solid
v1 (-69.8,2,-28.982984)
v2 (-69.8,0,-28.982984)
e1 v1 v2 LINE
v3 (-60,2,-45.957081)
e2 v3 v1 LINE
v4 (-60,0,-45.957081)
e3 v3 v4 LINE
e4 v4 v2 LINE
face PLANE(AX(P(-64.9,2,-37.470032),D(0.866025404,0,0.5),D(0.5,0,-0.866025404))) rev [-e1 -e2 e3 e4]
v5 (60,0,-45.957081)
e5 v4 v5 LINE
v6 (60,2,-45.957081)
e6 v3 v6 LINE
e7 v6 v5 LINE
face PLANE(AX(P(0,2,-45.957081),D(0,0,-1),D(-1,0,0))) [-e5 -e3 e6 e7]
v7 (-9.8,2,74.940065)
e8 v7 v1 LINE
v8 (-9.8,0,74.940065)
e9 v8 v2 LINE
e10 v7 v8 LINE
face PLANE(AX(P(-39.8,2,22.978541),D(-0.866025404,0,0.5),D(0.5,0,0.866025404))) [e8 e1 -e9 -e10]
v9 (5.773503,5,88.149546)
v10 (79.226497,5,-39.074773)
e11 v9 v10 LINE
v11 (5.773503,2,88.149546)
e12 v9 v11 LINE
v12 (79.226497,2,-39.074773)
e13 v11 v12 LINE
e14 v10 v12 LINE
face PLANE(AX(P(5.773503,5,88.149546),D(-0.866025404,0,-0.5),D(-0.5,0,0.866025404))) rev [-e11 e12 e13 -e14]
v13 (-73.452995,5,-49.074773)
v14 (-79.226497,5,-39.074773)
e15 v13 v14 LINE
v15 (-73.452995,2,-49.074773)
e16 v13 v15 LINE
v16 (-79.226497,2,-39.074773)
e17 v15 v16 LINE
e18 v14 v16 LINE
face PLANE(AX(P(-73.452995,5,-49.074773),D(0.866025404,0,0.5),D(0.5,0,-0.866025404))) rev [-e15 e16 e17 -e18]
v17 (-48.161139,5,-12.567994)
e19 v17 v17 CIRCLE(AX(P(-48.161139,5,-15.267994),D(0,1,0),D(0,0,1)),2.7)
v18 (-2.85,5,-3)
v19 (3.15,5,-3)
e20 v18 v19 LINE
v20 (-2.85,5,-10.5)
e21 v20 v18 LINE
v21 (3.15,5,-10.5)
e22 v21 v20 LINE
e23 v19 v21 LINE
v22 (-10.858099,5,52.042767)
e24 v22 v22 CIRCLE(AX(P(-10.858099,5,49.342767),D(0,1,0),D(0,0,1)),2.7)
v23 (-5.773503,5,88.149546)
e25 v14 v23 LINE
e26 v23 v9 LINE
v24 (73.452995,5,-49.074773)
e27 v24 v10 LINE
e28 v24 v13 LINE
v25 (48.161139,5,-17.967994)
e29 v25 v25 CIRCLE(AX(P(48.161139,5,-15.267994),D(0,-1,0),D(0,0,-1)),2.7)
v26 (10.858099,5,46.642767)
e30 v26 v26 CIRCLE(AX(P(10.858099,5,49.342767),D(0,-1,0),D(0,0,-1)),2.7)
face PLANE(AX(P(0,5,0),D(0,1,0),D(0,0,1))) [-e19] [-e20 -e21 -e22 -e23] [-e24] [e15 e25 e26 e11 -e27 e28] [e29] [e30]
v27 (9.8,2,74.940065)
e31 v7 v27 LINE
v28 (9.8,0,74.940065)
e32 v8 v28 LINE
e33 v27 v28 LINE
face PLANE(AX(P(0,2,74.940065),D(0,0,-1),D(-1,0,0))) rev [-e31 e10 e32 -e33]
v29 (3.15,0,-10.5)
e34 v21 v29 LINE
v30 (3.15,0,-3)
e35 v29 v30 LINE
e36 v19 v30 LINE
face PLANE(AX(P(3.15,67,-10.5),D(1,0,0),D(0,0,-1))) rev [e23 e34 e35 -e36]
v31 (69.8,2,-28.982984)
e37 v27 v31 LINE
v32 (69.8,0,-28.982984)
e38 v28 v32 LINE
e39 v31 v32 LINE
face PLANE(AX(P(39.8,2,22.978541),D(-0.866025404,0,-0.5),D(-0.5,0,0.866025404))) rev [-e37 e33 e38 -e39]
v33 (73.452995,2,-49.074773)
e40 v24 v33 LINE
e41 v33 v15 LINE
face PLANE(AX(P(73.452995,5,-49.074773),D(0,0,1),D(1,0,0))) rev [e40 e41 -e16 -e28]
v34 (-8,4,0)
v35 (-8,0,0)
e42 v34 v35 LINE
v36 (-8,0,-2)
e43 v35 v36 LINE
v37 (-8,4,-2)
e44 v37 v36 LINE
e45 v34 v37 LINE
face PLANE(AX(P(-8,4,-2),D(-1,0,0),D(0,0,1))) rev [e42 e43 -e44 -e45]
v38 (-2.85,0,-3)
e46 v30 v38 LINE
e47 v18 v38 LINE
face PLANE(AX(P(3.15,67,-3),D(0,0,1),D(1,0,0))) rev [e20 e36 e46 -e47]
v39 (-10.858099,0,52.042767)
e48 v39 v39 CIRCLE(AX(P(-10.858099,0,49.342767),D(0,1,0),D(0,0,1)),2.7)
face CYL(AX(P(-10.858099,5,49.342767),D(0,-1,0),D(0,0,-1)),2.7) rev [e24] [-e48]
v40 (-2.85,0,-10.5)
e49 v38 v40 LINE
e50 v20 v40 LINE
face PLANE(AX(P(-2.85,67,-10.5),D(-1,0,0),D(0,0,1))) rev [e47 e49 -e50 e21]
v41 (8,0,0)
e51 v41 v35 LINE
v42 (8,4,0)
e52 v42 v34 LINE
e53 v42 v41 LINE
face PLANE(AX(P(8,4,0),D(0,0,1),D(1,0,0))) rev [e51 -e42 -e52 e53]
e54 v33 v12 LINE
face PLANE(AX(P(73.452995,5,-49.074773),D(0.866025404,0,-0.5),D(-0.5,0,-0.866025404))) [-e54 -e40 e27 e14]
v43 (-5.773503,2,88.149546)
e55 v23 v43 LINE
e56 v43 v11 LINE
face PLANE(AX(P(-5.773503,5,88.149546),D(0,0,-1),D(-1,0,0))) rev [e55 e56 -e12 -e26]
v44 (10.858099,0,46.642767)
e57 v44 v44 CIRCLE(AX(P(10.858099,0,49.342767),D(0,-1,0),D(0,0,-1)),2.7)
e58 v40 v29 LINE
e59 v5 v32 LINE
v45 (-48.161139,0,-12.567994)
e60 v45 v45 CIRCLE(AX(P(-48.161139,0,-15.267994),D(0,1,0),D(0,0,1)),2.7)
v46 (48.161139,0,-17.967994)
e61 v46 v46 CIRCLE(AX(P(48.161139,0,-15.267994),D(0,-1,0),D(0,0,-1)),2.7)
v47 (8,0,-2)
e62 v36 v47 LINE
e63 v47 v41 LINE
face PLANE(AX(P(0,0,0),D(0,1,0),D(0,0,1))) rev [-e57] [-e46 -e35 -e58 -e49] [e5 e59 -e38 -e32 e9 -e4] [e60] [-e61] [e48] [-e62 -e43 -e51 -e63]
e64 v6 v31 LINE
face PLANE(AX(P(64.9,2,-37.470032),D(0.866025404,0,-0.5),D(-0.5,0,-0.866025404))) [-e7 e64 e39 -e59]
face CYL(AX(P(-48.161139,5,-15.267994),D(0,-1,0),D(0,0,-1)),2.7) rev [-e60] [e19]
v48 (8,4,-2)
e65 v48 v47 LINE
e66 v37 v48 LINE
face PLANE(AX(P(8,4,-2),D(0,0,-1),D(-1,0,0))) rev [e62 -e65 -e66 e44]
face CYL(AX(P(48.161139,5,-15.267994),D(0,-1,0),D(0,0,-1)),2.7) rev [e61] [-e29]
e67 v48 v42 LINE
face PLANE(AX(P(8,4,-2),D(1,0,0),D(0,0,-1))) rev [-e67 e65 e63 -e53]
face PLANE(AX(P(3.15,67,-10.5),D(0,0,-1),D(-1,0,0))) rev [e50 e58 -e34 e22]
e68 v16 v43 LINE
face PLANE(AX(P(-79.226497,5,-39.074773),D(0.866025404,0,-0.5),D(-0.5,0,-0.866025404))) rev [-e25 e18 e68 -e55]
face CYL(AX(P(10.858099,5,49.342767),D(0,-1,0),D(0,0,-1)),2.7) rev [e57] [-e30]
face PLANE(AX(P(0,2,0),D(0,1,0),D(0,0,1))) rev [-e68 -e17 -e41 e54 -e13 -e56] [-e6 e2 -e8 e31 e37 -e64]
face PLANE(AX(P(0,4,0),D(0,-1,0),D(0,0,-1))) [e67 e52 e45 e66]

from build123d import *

# Parameters (mm, degrees)
SKETCH1_R           = 45.957081427
BOSS_EXTRUDE1_DEPTH = 2
BOSS_EXTRUDE2_DEPTH = 3
SKETCH3_R           = 2.7
CUT_EXTRUDE1_DEPTH  = 119.626220937
SKETCH5_W           = 16
SKETCH5_H           = 2
CUT_EXTRUDE2_DEPTH  = 4
SKETCH6_W           = 6
SKETCH6_H           = 7.5
CUT_EXTRUDE3_DEPTH  = 67


with BuildPart() as part:
    # Sketch1 → Boss-Extrude1 (new body)
    with BuildSketch(Plane(origin=(0, 0, 0), x_dir=(1, 0, 0), z_dir=(0, 1, 0))):
        with BuildLine():
            Line((-1.88e-07, 45.957081427), (-60, 45.957081427))
            Line((-60, 45.957081427), (-69.8, 28.982983513))
            Line((-69.8, 28.982983513), (-39.800000841, -22.978539257))
            ThreePointArc((-39.800000841, -22.978539257), (-39.799999627, 22.97854136), (-1.88e-07, 45.957081427))
        make_face()
        Circle(SKETCH1_R)
        with BuildLine():
            Line((60, 45.957081427), (-1.88e-07, 45.957081427))
            ThreePointArc((-1.88e-07, 45.957081427), (32.496563854, 32.496563988), (45.957081427, 0))
            ThreePointArc((45.957081427, 0), (44.391132009, -11.894567342), (39.80000061, -22.978539658))
            Line((39.80000061, -22.978539658), (69.8, 28.982983513))
            Line((69.8, 28.982983513), (60, 45.957081427))
        make_face()
        with BuildLine():
            ThreePointArc((39.80000061, -22.978539658), (-2.31e-07, -45.957081427), (-39.800000841, -22.978539257))
            Line((-39.800000841, -22.978539257), (-9.8, -74.940064941))
            Line((-9.8, -74.940064941), (9.8, -74.940064941))
            Line((9.8, -74.940064941), (39.80000061, -22.978539658))
        make_face()
    extrude(amount=BOSS_EXTRUDE1_DEPTH)

    # Sketch2 → Boss-Extrude2 (add)
    with BuildSketch(Plane(origin=(0, 2, 0), x_dir=(1, 0, 0), z_dir=(0, 1, 0))):
        Polygon((-73.452994616, 49.074772881), (-79.226497308, 39.074772881), (-5.773502692, -88.149545762), (5.773502692, -88.149545762), (79.226497308, 39.074772881), (73.452994616, 49.074772881), align=None)
    extrude(amount=BOSS_EXTRUDE2_DEPTH)

    # Sketch3 → Cut-Extrude1 (cut, through all)
    with BuildSketch(Plane(origin=(0, 0, 0), x_dir=(1, 0, 0), z_dir=(0, 1, 0))):
        with Locations(Location((-48.161138908, 15.267993776, 0), (0, 0, 270))):
            Circle(SKETCH3_R)
        with Locations(Location((-10.858098979, -49.342766658, 0), (0, 0, 270))):
            Circle(SKETCH3_R)
        with Locations(Location((10.858098979, -49.342766658, 0), (0, 0, 90))):
            Circle(SKETCH3_R)
        with Locations(Location((48.161138908, 15.267993776, 0), (0, 0, 90))):
            Circle(SKETCH3_R)
    extrude(amount=CUT_EXTRUDE1_DEPTH, mode=Mode.SUBTRACT)

    # Sketch5 → Cut-Extrude2 (cut)
    with BuildSketch(Plane.XZ):
        with Locations((0, -1)):
            Rectangle(SKETCH5_W, SKETCH5_H)
    extrude(amount=-CUT_EXTRUDE2_DEPTH, mode=Mode.SUBTRACT)

    # Sketch6 → Cut-Extrude3 (cut)
    with BuildSketch(Plane.XZ):
        with Locations((0.15, -6.75)):
            Rectangle(SKETCH6_W, SKETCH6_H)
    extrude(amount=-CUT_EXTRUDE3_DEPTH, mode=Mode.SUBTRACT)


solid = part.part
